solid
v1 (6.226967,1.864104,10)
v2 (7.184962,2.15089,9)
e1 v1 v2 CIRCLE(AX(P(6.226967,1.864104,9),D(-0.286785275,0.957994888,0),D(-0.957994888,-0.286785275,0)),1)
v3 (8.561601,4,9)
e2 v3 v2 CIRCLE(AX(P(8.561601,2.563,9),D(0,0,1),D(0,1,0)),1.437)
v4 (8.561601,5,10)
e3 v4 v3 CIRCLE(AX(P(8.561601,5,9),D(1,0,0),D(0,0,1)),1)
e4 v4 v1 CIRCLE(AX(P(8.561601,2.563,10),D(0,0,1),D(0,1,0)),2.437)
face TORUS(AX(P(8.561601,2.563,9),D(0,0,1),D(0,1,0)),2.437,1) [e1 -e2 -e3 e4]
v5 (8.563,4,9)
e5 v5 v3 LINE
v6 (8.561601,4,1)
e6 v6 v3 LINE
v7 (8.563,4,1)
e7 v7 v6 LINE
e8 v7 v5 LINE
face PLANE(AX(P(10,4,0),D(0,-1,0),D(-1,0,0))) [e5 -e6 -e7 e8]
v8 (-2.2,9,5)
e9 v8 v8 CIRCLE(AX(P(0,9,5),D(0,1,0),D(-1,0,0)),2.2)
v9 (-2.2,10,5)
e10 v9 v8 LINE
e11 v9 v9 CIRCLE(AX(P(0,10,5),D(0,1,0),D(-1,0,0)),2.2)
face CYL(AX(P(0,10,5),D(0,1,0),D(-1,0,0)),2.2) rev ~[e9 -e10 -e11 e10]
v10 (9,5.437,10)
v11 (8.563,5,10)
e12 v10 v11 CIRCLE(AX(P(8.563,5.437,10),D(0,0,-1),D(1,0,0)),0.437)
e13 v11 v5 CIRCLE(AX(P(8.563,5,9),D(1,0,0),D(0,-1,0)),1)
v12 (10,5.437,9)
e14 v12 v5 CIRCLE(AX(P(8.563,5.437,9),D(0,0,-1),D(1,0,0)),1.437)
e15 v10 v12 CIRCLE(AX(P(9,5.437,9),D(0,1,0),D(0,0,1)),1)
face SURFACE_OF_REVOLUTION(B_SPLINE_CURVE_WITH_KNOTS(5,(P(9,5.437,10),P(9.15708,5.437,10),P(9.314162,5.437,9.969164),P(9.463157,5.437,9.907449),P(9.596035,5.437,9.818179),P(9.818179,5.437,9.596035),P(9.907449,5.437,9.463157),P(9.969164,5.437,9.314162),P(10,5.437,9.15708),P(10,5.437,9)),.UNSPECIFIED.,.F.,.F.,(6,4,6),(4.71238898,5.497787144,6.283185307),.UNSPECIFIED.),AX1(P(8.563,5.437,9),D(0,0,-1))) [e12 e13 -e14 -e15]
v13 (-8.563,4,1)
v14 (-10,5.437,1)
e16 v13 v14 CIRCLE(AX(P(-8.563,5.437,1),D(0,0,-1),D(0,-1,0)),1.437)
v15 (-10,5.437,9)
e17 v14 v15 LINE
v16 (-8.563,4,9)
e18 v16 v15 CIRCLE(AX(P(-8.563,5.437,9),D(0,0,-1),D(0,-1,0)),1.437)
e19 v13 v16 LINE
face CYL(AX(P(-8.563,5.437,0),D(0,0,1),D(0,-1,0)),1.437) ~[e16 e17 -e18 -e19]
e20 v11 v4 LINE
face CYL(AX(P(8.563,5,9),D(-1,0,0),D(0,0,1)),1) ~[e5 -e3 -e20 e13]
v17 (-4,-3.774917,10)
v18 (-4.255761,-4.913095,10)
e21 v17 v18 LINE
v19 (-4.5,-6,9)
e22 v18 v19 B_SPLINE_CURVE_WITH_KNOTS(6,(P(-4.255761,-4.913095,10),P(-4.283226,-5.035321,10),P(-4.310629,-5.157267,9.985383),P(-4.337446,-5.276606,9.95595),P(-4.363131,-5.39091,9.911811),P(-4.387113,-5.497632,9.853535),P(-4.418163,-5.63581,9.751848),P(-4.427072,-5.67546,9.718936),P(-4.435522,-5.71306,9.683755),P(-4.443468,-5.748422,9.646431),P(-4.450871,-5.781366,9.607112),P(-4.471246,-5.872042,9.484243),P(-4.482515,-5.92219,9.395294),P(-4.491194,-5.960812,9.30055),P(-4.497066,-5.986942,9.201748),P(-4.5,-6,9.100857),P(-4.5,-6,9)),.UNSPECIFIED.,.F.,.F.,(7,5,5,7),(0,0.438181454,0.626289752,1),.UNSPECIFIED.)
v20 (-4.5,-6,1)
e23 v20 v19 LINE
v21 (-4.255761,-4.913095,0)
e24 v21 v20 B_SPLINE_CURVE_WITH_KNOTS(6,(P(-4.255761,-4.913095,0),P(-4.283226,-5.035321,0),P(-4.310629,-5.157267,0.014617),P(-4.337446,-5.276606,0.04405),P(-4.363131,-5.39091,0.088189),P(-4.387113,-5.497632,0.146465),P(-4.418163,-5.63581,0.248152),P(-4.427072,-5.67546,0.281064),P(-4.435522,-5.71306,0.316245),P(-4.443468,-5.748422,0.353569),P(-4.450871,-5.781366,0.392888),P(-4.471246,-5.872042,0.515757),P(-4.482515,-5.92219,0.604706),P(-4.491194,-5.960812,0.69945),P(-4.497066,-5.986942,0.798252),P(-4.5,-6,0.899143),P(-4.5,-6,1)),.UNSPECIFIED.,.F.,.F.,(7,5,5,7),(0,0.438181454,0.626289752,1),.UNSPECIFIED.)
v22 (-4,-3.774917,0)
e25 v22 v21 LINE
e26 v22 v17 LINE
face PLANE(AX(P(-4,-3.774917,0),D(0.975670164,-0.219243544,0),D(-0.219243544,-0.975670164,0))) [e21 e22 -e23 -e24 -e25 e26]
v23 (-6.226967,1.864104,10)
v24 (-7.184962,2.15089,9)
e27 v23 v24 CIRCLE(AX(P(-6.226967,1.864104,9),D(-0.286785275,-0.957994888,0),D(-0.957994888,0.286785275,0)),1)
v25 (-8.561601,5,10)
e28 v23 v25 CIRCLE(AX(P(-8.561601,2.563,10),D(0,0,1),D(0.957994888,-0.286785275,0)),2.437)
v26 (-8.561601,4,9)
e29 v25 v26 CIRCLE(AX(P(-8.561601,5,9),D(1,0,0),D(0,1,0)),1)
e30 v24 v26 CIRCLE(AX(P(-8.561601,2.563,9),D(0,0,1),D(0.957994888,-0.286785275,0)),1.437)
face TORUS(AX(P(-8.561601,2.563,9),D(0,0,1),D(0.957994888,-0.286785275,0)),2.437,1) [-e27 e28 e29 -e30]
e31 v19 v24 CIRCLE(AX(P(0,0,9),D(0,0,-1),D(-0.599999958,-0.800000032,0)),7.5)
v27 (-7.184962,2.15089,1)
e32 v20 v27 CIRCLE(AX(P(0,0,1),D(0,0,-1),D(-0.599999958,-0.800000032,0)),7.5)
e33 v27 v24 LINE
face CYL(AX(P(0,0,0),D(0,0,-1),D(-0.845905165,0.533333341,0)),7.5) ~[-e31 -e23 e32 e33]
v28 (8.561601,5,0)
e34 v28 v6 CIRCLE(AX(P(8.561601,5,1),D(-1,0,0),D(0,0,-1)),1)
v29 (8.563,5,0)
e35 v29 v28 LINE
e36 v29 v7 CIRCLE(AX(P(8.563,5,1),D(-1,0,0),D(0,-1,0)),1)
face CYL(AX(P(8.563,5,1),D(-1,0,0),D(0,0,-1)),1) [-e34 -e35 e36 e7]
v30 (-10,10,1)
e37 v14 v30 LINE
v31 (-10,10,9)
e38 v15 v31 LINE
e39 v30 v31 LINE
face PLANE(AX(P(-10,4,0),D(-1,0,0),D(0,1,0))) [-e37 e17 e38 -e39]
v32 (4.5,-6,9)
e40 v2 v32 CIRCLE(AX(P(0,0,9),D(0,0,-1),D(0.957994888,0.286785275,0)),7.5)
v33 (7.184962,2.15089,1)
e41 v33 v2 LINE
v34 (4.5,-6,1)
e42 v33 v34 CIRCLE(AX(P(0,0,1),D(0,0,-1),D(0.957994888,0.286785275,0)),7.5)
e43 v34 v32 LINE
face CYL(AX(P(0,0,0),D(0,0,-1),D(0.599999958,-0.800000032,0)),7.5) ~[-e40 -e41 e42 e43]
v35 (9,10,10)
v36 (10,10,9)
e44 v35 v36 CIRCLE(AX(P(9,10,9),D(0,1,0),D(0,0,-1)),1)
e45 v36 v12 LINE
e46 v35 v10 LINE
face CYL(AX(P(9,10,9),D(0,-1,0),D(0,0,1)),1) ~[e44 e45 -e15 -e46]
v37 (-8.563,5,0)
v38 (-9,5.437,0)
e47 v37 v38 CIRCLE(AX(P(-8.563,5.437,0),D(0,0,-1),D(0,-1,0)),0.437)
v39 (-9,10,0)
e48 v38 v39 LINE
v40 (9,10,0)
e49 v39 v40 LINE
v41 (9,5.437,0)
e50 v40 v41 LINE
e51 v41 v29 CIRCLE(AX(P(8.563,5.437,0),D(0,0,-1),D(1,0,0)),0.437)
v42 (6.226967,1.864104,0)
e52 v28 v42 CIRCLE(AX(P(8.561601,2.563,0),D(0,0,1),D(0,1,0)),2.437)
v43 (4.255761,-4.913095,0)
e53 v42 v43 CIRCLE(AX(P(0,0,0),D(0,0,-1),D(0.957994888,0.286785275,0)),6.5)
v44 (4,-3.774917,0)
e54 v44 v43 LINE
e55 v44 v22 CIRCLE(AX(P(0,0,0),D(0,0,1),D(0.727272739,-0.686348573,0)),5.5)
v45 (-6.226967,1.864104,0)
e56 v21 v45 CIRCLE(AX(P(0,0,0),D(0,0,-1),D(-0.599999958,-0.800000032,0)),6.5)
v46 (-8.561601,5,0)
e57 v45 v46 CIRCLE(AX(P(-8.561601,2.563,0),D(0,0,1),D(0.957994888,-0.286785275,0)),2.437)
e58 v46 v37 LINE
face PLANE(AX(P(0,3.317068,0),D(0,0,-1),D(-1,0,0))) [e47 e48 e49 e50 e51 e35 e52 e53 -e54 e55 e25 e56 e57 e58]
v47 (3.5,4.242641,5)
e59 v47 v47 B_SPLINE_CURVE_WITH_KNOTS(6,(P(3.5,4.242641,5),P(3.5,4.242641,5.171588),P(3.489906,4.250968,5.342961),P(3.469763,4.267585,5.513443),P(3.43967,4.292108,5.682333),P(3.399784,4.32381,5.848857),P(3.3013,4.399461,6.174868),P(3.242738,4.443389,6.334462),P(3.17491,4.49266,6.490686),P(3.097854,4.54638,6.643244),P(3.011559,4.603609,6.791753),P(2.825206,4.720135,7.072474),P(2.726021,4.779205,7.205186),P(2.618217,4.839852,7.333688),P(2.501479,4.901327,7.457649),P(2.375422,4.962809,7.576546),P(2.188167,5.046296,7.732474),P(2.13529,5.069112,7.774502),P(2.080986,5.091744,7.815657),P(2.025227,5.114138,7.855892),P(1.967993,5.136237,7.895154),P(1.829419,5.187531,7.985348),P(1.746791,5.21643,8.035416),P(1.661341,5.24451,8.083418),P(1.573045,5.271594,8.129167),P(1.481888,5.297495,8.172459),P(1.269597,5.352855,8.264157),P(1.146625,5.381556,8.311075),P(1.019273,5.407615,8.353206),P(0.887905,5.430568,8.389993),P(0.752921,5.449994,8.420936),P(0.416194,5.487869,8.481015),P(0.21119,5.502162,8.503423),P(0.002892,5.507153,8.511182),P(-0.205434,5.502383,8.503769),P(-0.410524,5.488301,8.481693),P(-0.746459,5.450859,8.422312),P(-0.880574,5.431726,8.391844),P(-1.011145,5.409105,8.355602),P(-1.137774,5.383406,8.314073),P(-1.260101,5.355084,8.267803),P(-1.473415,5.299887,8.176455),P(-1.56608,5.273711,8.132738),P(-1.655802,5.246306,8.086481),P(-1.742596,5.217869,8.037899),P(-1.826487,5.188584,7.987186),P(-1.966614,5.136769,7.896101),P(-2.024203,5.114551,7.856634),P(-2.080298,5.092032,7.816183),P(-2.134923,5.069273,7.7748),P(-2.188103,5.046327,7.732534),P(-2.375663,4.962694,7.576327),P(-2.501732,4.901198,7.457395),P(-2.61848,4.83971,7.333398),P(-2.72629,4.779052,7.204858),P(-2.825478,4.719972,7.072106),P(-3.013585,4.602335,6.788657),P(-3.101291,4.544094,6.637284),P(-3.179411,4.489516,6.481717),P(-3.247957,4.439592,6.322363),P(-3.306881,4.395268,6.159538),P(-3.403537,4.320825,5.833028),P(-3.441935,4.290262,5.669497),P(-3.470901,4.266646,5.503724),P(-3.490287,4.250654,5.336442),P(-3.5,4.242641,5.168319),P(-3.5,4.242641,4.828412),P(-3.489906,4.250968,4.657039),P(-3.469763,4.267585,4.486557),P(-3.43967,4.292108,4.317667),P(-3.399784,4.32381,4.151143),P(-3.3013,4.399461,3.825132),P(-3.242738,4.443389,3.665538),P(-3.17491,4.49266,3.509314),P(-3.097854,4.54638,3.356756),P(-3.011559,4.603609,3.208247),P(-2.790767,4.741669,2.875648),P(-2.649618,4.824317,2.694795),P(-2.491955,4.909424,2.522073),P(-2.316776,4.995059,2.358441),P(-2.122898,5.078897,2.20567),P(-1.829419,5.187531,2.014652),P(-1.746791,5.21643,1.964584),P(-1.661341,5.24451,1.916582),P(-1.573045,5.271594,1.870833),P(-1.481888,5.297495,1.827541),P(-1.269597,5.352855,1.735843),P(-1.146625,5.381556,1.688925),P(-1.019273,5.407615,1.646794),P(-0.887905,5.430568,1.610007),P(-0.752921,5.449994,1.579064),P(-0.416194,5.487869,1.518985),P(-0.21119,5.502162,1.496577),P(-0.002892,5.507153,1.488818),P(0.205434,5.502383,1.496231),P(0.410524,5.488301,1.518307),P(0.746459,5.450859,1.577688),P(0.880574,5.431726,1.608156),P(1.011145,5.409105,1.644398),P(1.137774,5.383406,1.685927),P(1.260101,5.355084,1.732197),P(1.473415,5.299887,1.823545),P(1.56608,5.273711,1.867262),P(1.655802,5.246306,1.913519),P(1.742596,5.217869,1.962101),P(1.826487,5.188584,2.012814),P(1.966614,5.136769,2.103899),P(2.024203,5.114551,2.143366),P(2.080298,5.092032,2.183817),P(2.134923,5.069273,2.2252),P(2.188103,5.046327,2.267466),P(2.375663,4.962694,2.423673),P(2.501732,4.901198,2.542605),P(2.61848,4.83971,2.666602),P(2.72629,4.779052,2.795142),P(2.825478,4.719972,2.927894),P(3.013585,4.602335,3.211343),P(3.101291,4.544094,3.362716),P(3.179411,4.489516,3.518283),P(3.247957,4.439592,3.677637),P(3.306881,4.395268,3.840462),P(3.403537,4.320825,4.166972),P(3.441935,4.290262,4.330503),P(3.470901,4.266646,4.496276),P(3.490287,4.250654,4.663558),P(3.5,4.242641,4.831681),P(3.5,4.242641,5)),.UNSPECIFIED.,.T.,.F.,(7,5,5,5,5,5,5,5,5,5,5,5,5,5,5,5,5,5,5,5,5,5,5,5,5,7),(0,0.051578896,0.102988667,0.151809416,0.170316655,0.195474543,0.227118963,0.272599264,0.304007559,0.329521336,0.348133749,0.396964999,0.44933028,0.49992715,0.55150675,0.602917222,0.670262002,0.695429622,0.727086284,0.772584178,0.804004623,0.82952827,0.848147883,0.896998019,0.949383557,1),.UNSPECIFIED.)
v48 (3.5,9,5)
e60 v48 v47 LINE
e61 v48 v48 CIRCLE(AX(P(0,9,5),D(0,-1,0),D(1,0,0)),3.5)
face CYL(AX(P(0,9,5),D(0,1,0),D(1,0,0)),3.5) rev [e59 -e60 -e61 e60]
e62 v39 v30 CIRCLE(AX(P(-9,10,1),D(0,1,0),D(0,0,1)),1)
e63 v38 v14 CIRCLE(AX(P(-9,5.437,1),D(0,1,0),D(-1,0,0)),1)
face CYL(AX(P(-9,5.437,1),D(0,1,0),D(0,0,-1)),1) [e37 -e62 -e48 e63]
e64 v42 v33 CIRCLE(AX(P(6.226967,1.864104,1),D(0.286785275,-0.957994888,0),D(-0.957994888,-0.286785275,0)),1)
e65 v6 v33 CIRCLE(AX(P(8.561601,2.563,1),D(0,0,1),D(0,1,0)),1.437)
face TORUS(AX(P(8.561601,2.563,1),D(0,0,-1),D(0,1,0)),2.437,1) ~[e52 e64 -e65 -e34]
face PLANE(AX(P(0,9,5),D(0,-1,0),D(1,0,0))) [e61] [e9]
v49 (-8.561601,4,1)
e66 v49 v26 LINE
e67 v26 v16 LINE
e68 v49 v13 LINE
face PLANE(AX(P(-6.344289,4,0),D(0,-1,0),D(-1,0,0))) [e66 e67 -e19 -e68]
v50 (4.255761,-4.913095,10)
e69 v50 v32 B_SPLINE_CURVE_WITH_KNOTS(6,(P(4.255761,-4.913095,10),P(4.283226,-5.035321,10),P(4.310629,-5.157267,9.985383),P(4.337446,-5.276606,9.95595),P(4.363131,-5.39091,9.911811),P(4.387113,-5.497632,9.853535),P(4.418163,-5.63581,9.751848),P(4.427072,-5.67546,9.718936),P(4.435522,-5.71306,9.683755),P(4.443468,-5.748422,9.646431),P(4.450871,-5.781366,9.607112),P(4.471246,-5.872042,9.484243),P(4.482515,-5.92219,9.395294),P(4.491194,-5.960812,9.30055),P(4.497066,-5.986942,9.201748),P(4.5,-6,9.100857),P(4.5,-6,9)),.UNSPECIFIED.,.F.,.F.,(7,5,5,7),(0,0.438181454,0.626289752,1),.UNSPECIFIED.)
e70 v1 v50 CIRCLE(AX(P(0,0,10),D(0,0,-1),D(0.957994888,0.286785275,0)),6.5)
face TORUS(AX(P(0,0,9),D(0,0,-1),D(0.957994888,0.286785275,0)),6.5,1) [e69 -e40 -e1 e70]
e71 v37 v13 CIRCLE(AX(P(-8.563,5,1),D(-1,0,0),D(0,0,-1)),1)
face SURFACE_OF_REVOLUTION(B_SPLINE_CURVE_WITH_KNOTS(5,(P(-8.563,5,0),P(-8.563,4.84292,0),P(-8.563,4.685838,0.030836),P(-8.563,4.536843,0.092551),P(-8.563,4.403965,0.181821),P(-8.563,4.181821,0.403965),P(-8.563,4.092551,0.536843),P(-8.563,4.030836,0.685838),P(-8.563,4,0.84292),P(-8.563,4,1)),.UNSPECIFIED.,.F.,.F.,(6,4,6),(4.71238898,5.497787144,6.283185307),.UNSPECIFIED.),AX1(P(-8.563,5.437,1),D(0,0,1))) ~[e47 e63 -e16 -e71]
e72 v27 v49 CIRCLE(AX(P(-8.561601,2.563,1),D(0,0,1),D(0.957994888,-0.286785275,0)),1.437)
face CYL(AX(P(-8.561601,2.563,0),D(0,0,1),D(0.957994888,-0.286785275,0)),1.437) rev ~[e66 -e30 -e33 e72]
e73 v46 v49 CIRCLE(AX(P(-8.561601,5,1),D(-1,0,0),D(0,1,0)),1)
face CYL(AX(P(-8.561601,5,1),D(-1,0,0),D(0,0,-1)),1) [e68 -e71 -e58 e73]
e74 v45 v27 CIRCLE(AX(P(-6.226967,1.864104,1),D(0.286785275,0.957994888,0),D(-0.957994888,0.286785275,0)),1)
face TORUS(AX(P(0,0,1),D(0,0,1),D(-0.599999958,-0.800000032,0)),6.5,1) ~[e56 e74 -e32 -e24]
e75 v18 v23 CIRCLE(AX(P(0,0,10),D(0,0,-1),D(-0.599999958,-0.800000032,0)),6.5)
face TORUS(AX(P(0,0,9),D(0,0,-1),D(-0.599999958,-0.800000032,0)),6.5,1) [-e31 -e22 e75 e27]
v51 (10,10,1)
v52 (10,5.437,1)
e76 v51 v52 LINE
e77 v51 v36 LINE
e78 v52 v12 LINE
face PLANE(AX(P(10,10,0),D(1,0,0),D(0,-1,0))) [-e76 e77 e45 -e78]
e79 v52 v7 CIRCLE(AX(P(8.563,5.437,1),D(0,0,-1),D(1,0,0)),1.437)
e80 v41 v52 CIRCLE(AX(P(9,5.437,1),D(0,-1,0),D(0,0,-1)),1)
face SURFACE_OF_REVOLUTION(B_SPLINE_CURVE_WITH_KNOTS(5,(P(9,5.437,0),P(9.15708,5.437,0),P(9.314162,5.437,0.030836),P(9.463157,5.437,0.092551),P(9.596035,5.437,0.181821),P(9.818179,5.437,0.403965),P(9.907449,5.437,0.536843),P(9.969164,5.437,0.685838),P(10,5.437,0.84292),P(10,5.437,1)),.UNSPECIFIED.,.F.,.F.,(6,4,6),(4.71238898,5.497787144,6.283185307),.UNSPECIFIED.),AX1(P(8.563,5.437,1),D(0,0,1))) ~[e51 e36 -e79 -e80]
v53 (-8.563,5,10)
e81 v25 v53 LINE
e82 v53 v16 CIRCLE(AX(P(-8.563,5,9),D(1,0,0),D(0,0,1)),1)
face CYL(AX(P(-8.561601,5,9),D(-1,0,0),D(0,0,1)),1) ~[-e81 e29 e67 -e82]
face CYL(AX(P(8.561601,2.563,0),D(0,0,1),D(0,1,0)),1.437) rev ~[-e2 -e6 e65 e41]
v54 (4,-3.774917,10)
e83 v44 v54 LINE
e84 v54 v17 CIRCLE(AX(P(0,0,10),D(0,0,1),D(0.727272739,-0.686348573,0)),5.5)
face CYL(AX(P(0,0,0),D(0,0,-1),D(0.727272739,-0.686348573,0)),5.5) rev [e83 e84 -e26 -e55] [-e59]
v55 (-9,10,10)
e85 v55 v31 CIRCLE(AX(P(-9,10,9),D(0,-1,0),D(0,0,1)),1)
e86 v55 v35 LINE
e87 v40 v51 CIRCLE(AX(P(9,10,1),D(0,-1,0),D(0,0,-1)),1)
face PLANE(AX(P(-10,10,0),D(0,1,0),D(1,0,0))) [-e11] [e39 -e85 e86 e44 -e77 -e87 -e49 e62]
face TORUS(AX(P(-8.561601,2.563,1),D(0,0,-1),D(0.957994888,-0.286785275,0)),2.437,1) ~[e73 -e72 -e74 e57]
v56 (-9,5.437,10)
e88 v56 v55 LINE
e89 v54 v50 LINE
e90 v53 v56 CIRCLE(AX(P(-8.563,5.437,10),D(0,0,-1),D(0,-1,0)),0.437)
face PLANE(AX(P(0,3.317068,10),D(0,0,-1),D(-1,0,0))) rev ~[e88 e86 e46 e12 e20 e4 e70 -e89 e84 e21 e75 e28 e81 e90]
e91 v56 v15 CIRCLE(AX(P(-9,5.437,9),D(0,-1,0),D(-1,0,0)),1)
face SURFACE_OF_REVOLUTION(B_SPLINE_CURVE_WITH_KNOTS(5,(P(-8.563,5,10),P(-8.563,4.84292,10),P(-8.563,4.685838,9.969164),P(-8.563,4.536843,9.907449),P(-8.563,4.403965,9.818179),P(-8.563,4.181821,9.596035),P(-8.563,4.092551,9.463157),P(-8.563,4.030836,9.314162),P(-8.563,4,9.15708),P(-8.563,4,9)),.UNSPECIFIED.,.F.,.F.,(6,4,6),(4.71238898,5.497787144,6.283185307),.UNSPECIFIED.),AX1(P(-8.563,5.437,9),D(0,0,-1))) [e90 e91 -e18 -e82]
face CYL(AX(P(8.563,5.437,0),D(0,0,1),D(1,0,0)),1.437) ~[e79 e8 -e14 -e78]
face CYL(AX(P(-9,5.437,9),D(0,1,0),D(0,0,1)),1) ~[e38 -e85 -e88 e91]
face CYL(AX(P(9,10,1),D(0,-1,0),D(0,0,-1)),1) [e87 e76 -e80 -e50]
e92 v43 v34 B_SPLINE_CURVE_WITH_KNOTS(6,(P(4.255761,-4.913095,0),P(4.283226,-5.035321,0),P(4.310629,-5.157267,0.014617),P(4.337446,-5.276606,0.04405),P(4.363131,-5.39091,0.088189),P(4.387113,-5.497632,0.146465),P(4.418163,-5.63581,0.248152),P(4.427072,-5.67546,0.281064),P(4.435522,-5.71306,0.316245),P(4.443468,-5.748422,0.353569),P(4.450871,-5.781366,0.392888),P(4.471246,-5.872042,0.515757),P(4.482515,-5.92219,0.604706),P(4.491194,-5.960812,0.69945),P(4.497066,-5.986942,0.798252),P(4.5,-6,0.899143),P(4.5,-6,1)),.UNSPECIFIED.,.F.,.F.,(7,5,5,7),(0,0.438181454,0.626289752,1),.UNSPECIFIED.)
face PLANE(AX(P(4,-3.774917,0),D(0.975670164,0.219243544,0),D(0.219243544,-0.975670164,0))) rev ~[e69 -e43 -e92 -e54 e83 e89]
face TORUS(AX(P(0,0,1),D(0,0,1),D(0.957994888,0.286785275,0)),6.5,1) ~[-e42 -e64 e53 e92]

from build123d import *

# Parameters (mm, degrees)
CYLINDER_R          = 3.5
CYLINDER_DEPTH      = 5
CYLINDER_ROLL_ANGLE = 90
PAD_DEPTH           = 10
FILLET_R            = 1.437
SKETCH001_R         = 2.2
POCKET_DEPTH        = 5
FILLET001_R         = 1


with BuildPart() as cylinder:
    # Cylinder → Cylinder (new body)
    with BuildSketch(Plane.XY):
        Circle(CYLINDER_R)
    extrude(amount=CYLINDER_DEPTH)


with BuildPart() as cylinder_1:
    # Cylinder roll: moved
    add(cylinder.part.rotate(Axis((0, 0, 0), (1, 0, 0)), CYLINDER_ROLL_ANGLE))


with BuildPart() as cylinder_2:
    # Cylinder placement: moved
    add(cylinder_1.part.moved(Location((0, 9, 5))))


with BuildPart() as fillet001:
    # Sketch → Pad (new body)
    with BuildSketch(Plane.XY):
        with BuildLine():
            ThreePointArc((4, -3.774917), (0, 5.5), (-4, -3.774917))
            Line((-4, -3.774917), (-4.5, -6))
            ThreePointArc((-6.344289, 4), (-7.375612, -1.360276), (-4.5, -6))
            Line((-6.344289, 4), (-10, 4))
            Line((-10, 4), (-10, 10))
            Line((-10, 10), (10, 10))
            Line((10, 10), (10, 4))
            Line((10, 4), (6.344289, 4))
            ThreePointArc((4.5, -6), (7.375612, -1.360276), (6.344289, 4))
            Line((4, -3.774917), (4.5, -6))
        make_face()
    extrude(amount=PAD_DEPTH)

    # Fillet
    fillet_edges = [fillet001.edges().sort_by_distance(p)[0] for p in [
        (-6.344289, 4, 5),
        (-10, 4, 5),
        (10, 4, 5),
        (6.344289, 4, 5),
    ]]
    fillet(fillet_edges, radius=FILLET_R)

    # Sketch001 → Pocket (cut)
    with BuildSketch(Plane(origin=(0, 10, 0), x_dir=(-1, 0, 0), z_dir=(0, 1, 0))):
        with Locations((0, 5)):
            Circle(SKETCH001_R)
    extrude(amount=-POCKET_DEPTH, mode=Mode.SUBTRACT)

    # Cut: cut Cylinder
    add(cylinder_2.part, mode=Mode.SUBTRACT)

    # Fillet001
    fillet001_edges = [fillet001.edges().sort_by_distance(p)[0] for p in [
        (10, 7.7185, 10),
        (10, 7.7185, 0),
        (-10, 7.7185, 0),
        (-10, 7.7185, 10),
    ]]
    fillet(fillet001_edges, radius=FILLET001_R)


solid = fillet001.part
